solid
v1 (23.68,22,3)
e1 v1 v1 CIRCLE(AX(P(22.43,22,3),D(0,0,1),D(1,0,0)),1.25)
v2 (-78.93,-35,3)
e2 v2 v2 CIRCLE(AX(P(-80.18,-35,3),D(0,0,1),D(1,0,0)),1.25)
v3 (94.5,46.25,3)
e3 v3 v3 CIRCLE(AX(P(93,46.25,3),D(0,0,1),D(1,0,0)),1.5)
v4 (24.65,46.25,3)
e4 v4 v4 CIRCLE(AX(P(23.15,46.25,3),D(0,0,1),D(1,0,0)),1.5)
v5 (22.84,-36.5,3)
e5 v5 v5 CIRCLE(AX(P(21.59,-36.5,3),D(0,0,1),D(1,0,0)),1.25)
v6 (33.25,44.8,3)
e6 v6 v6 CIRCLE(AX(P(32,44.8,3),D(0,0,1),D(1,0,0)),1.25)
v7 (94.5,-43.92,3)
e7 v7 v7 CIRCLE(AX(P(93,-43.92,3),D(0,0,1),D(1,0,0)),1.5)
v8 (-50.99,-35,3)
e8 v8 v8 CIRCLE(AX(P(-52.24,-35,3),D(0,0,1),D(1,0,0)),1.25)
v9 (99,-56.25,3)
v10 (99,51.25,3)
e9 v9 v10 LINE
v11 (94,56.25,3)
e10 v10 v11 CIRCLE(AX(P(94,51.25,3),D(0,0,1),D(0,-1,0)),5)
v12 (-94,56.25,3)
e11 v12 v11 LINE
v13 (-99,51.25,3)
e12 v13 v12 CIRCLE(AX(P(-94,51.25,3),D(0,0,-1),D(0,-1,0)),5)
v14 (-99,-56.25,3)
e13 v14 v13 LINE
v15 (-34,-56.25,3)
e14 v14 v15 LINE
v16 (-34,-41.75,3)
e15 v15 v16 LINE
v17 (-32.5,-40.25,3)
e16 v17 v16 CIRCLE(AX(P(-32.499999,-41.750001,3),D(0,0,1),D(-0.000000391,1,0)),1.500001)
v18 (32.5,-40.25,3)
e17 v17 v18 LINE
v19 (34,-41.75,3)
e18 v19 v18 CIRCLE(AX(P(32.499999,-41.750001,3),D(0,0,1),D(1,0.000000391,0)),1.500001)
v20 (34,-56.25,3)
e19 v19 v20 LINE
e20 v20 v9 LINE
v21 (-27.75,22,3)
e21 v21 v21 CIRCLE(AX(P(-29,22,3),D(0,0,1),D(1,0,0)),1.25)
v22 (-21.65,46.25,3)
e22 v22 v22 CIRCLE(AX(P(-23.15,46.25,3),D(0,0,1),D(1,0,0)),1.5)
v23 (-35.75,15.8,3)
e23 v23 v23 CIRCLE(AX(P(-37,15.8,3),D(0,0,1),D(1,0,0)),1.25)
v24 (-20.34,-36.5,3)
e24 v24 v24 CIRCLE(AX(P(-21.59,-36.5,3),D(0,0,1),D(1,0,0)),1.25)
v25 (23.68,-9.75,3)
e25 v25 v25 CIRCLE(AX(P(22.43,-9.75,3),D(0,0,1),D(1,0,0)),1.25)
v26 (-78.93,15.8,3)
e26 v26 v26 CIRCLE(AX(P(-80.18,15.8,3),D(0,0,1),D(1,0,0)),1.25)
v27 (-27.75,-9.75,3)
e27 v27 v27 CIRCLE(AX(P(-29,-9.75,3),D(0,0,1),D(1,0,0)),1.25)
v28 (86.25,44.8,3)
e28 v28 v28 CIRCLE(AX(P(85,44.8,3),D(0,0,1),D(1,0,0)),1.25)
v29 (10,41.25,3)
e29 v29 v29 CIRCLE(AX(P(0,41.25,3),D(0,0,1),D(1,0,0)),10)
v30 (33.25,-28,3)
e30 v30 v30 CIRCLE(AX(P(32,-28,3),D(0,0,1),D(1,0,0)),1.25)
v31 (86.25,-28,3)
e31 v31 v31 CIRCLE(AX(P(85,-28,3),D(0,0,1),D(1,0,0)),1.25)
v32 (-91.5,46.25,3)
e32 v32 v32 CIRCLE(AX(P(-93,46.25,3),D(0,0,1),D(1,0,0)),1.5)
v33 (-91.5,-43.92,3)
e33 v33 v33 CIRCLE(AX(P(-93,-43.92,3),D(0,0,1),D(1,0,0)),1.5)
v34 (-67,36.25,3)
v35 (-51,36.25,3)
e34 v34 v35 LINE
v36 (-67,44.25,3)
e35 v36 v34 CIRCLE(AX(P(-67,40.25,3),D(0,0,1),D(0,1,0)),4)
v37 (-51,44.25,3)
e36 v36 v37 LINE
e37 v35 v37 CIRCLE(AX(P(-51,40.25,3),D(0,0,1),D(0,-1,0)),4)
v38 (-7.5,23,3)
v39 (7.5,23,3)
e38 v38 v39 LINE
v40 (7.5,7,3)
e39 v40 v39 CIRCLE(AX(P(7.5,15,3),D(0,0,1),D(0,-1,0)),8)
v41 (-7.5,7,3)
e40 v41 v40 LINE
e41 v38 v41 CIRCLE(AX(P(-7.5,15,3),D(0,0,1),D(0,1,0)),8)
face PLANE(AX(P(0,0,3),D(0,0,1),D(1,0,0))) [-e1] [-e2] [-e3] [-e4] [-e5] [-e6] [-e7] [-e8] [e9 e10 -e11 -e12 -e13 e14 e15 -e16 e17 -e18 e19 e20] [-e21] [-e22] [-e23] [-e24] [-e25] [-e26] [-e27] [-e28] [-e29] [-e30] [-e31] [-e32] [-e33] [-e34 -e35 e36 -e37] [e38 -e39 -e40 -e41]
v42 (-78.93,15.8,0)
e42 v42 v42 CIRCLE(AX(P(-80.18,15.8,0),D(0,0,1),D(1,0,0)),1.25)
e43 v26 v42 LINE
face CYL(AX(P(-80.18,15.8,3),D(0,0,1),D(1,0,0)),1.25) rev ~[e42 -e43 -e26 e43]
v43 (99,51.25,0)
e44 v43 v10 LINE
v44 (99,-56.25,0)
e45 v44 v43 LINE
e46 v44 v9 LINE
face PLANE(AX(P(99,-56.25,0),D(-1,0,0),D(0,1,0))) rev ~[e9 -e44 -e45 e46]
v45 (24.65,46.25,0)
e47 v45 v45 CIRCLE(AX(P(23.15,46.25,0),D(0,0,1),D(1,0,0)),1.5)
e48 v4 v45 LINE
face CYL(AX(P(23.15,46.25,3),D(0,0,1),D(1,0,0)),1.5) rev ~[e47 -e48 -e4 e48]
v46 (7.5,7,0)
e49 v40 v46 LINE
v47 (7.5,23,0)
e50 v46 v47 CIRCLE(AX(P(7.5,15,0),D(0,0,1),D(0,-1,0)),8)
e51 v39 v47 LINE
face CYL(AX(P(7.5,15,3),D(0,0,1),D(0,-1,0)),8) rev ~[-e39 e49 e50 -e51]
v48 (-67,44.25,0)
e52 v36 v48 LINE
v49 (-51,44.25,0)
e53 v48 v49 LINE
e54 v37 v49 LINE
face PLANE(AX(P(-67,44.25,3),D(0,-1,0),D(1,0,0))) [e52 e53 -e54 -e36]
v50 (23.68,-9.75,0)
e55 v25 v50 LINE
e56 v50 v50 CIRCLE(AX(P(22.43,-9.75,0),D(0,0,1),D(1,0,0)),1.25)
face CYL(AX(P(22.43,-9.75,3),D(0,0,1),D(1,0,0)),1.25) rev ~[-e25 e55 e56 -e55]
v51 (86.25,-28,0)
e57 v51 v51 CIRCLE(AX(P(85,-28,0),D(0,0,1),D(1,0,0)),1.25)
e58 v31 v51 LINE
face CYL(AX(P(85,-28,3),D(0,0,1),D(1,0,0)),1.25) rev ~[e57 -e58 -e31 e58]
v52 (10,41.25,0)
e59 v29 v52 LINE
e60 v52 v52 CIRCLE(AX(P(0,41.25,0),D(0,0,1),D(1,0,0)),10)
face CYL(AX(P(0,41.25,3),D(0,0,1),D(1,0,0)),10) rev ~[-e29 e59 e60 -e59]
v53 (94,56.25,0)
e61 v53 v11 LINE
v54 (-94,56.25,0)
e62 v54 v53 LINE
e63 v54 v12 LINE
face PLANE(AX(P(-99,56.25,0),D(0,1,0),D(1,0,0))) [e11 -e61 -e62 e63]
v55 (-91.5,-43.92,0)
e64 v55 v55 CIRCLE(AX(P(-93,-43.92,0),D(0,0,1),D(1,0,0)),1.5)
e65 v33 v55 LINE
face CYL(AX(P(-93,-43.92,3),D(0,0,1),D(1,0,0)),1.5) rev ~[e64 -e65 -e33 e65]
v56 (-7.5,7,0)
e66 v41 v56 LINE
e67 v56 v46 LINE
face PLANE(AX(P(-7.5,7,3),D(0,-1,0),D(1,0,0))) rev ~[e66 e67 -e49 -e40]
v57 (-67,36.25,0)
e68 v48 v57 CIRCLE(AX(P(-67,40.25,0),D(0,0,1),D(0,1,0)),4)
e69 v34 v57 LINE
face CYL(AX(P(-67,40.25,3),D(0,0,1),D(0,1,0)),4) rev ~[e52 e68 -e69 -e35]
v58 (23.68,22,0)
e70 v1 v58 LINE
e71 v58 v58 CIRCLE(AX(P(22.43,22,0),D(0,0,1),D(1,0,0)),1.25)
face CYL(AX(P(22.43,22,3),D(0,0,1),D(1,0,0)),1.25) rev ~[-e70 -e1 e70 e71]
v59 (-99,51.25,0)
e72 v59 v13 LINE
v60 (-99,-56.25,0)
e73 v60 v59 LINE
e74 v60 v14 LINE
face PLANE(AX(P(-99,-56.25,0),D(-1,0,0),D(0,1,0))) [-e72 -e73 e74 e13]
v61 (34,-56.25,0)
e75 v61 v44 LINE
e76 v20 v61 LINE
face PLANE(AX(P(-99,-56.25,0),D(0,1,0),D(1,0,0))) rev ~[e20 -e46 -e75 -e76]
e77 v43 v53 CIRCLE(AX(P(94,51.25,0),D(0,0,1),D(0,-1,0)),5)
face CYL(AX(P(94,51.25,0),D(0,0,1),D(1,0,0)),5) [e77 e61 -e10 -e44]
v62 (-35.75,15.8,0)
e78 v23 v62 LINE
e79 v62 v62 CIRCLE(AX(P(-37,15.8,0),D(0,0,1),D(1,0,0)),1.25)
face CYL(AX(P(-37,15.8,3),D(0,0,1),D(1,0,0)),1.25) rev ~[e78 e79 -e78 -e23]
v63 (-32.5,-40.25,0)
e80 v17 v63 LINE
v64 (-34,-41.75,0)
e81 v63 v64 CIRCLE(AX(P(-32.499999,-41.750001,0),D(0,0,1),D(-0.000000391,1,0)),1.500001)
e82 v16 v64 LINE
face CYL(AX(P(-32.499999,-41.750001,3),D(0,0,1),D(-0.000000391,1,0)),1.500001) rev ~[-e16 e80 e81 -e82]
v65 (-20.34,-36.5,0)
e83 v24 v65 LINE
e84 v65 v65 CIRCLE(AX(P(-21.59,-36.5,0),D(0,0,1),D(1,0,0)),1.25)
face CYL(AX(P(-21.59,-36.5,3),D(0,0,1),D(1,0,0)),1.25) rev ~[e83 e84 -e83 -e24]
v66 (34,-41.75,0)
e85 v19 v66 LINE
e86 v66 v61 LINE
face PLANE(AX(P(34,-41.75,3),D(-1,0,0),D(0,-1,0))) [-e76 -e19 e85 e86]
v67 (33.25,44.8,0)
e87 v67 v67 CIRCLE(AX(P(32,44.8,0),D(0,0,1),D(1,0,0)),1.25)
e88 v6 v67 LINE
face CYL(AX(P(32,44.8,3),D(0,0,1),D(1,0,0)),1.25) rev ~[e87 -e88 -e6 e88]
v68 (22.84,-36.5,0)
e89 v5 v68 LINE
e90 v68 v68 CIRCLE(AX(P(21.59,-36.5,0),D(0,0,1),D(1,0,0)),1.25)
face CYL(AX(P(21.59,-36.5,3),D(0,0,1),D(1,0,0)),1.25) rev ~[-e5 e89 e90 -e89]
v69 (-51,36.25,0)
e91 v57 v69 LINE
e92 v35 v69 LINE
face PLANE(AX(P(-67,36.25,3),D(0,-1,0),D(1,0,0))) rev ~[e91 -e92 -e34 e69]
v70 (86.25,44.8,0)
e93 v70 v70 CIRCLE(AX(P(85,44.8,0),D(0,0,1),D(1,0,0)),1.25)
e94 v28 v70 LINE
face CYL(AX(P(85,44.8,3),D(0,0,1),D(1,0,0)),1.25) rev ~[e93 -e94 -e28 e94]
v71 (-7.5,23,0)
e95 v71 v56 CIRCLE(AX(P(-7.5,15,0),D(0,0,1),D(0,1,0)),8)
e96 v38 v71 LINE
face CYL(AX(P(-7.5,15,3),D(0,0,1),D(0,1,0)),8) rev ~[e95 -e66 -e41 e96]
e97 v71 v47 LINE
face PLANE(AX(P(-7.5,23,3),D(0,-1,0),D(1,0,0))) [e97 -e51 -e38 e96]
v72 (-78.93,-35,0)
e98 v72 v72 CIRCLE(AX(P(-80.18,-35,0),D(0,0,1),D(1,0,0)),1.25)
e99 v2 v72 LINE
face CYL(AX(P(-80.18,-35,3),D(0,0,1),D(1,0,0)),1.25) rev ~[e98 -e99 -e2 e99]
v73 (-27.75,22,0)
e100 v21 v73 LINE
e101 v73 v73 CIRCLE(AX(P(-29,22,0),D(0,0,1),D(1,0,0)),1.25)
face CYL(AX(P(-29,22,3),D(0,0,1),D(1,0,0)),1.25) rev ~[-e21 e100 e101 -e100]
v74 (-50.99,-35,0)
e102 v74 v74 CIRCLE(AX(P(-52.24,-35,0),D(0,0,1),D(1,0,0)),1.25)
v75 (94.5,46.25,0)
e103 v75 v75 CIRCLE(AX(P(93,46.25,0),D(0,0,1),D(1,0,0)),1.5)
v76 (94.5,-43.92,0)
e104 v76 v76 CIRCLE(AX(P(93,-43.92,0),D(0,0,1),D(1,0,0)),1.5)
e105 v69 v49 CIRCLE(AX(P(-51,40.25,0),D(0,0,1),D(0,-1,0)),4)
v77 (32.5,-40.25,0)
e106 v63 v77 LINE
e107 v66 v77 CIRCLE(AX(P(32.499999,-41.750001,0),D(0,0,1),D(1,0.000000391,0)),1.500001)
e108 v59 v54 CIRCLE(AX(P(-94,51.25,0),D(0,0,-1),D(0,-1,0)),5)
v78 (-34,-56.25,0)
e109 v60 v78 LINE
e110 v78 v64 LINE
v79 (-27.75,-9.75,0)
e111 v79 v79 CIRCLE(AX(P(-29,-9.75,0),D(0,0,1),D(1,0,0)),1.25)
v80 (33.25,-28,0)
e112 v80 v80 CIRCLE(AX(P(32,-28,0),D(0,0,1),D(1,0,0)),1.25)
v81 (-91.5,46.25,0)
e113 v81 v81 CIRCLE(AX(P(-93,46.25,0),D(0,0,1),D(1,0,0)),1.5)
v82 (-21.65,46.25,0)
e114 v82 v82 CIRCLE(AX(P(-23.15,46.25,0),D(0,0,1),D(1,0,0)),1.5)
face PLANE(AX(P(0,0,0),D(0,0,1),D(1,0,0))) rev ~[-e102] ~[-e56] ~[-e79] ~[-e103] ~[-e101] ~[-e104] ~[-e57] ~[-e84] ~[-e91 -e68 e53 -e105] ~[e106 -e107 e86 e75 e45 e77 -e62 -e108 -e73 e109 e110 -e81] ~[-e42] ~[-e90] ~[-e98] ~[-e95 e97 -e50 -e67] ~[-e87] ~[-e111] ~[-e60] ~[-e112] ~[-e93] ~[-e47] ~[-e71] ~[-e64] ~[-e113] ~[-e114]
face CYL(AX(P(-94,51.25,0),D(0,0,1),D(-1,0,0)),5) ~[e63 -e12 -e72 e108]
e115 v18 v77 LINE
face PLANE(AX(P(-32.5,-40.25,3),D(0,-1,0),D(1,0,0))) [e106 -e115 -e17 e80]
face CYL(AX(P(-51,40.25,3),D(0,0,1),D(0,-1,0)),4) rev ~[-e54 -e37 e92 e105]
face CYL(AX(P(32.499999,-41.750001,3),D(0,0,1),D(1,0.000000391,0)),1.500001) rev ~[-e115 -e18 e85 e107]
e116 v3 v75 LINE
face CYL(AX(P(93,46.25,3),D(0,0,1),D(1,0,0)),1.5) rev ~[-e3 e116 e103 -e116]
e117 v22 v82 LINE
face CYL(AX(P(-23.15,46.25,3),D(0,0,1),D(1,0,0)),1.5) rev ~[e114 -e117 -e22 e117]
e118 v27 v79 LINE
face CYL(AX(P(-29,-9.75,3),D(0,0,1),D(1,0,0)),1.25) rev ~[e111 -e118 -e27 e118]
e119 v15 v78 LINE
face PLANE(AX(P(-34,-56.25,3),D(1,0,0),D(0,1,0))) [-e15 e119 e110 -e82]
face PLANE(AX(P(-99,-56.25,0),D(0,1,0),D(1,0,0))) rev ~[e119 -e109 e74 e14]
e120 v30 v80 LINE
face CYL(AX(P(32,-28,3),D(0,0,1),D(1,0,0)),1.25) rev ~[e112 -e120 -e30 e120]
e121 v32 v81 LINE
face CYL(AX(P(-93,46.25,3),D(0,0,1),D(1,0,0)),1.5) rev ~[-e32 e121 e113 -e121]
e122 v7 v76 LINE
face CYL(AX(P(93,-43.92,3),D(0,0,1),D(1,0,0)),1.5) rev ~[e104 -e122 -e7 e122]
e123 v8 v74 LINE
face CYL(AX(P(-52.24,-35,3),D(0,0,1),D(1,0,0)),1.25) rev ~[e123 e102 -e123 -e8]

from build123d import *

# Parameters (mm, degrees)
SKETCH_W      = 198
SKETCH_H      = 112.5
PAD_DEPTH     = 3
FILLET_R      = 5
SKETCH001_R   = 1.5
SKETCH001_R_2 = 10
SKETCH001_R_3 = 1.25
POCKET_DEPTH  = 3.001


with BuildPart() as part:
    # Sketch → Pad (new body)
    with BuildSketch(Plane.XY):
        Rectangle(SKETCH_W, SKETCH_H)
    extrude(amount=PAD_DEPTH)

    # Fillet
    fillet_edges = [part.edges().sort_by_distance(p)[0] for p in [
        (-99, 56.25, 1.5),
        (99, 56.25, 1.5),
    ]]
    fillet(fillet_edges, radius=FILLET_R)

    # Sketch001 (on Face5 of Fillet) → Pocket (cut, through all)
    with BuildSketch(Plane.XY.offset(3)):
        with Locations((-93, 46.25)):
            Circle(SKETCH001_R)
        with Locations((-93, -43.92)):
            Circle(SKETCH001_R)
        with Locations((93, 46.25)):
            Circle(SKETCH001_R)
        with Locations((93, -43.92)):
            Circle(SKETCH001_R)
        with Locations((-23.15, 46.25)):
            Circle(SKETCH001_R)
        with Locations((23.15, 46.25)):
            Circle(SKETCH001_R)
        with Locations((0, 41.25)):
            Circle(SKETCH001_R_2)
        with Locations((-21.59, -36.5)):
            Circle(SKETCH001_R_3)
        with Locations((21.59, -36.5)):
            Circle(SKETCH001_R_3)
        with Locations((-29, 22)):
            Circle(SKETCH001_R_3)
        with Locations((-29, -9.75)):
            Circle(SKETCH001_R_3)
        with Locations((22.43, -9.75)):
            Circle(SKETCH001_R_3)
        with Locations((22.43, 22)):
            Circle(SKETCH001_R_3)
        with Locations((-80.18, 15.8)):
            Circle(SKETCH001_R_3)
        with Locations((-37, 15.8)):
            Circle(SKETCH001_R_3)
        with Locations((-80.18, -35)):
            Circle(SKETCH001_R_3)
        with Locations((32, 44.8)):
            Circle(SKETCH001_R_3)
        with Locations((85, 44.8)):
            Circle(SKETCH001_R_3)
        with Locations((32, -28)):
            Circle(SKETCH001_R_3)
        with Locations((85, -28)):
            Circle(SKETCH001_R_3)
        with Locations((-52.24, -35)):
            Circle(SKETCH001_R_3)
        with BuildLine():
            Line((-32.5, -40.25), (32.5, -40.25))
            ThreePointArc((34, -41.75), (33.56066, -40.68934), (32.5, -40.25))
            Line((34, -41.75), (34, -56.25))
            Line((34, -56.25), (-34, -56.25))
            Line((-34, -56.25), (-34, -41.75))
            ThreePointArc((-32.5, -40.25), (-33.56066, -40.68934), (-34, -41.75))
        make_face()
        with BuildLine():
            ThreePointArc((-67, 44.25), (-71, 40.25), (-67, 36.25))
            Line((-67, 36.25), (-51, 36.25))
            ThreePointArc((-51, 36.25), (-47, 40.25), (-51, 44.25))
            Line((-67, 44.25), (-51, 44.25))
        make_face()
        with BuildLine():
            ThreePointArc((-7.5, 23), (-15.5, 15), (-7.5, 7))
            Line((-7.5, 7), (7.5, 7))
            ThreePointArc((7.5, 7), (15.5, 15), (7.5, 23))
            Line((-7.5, 23), (7.5, 23))
        make_face()
    extrude(amount=-POCKET_DEPTH, mode=Mode.SUBTRACT)


solid = part.part
